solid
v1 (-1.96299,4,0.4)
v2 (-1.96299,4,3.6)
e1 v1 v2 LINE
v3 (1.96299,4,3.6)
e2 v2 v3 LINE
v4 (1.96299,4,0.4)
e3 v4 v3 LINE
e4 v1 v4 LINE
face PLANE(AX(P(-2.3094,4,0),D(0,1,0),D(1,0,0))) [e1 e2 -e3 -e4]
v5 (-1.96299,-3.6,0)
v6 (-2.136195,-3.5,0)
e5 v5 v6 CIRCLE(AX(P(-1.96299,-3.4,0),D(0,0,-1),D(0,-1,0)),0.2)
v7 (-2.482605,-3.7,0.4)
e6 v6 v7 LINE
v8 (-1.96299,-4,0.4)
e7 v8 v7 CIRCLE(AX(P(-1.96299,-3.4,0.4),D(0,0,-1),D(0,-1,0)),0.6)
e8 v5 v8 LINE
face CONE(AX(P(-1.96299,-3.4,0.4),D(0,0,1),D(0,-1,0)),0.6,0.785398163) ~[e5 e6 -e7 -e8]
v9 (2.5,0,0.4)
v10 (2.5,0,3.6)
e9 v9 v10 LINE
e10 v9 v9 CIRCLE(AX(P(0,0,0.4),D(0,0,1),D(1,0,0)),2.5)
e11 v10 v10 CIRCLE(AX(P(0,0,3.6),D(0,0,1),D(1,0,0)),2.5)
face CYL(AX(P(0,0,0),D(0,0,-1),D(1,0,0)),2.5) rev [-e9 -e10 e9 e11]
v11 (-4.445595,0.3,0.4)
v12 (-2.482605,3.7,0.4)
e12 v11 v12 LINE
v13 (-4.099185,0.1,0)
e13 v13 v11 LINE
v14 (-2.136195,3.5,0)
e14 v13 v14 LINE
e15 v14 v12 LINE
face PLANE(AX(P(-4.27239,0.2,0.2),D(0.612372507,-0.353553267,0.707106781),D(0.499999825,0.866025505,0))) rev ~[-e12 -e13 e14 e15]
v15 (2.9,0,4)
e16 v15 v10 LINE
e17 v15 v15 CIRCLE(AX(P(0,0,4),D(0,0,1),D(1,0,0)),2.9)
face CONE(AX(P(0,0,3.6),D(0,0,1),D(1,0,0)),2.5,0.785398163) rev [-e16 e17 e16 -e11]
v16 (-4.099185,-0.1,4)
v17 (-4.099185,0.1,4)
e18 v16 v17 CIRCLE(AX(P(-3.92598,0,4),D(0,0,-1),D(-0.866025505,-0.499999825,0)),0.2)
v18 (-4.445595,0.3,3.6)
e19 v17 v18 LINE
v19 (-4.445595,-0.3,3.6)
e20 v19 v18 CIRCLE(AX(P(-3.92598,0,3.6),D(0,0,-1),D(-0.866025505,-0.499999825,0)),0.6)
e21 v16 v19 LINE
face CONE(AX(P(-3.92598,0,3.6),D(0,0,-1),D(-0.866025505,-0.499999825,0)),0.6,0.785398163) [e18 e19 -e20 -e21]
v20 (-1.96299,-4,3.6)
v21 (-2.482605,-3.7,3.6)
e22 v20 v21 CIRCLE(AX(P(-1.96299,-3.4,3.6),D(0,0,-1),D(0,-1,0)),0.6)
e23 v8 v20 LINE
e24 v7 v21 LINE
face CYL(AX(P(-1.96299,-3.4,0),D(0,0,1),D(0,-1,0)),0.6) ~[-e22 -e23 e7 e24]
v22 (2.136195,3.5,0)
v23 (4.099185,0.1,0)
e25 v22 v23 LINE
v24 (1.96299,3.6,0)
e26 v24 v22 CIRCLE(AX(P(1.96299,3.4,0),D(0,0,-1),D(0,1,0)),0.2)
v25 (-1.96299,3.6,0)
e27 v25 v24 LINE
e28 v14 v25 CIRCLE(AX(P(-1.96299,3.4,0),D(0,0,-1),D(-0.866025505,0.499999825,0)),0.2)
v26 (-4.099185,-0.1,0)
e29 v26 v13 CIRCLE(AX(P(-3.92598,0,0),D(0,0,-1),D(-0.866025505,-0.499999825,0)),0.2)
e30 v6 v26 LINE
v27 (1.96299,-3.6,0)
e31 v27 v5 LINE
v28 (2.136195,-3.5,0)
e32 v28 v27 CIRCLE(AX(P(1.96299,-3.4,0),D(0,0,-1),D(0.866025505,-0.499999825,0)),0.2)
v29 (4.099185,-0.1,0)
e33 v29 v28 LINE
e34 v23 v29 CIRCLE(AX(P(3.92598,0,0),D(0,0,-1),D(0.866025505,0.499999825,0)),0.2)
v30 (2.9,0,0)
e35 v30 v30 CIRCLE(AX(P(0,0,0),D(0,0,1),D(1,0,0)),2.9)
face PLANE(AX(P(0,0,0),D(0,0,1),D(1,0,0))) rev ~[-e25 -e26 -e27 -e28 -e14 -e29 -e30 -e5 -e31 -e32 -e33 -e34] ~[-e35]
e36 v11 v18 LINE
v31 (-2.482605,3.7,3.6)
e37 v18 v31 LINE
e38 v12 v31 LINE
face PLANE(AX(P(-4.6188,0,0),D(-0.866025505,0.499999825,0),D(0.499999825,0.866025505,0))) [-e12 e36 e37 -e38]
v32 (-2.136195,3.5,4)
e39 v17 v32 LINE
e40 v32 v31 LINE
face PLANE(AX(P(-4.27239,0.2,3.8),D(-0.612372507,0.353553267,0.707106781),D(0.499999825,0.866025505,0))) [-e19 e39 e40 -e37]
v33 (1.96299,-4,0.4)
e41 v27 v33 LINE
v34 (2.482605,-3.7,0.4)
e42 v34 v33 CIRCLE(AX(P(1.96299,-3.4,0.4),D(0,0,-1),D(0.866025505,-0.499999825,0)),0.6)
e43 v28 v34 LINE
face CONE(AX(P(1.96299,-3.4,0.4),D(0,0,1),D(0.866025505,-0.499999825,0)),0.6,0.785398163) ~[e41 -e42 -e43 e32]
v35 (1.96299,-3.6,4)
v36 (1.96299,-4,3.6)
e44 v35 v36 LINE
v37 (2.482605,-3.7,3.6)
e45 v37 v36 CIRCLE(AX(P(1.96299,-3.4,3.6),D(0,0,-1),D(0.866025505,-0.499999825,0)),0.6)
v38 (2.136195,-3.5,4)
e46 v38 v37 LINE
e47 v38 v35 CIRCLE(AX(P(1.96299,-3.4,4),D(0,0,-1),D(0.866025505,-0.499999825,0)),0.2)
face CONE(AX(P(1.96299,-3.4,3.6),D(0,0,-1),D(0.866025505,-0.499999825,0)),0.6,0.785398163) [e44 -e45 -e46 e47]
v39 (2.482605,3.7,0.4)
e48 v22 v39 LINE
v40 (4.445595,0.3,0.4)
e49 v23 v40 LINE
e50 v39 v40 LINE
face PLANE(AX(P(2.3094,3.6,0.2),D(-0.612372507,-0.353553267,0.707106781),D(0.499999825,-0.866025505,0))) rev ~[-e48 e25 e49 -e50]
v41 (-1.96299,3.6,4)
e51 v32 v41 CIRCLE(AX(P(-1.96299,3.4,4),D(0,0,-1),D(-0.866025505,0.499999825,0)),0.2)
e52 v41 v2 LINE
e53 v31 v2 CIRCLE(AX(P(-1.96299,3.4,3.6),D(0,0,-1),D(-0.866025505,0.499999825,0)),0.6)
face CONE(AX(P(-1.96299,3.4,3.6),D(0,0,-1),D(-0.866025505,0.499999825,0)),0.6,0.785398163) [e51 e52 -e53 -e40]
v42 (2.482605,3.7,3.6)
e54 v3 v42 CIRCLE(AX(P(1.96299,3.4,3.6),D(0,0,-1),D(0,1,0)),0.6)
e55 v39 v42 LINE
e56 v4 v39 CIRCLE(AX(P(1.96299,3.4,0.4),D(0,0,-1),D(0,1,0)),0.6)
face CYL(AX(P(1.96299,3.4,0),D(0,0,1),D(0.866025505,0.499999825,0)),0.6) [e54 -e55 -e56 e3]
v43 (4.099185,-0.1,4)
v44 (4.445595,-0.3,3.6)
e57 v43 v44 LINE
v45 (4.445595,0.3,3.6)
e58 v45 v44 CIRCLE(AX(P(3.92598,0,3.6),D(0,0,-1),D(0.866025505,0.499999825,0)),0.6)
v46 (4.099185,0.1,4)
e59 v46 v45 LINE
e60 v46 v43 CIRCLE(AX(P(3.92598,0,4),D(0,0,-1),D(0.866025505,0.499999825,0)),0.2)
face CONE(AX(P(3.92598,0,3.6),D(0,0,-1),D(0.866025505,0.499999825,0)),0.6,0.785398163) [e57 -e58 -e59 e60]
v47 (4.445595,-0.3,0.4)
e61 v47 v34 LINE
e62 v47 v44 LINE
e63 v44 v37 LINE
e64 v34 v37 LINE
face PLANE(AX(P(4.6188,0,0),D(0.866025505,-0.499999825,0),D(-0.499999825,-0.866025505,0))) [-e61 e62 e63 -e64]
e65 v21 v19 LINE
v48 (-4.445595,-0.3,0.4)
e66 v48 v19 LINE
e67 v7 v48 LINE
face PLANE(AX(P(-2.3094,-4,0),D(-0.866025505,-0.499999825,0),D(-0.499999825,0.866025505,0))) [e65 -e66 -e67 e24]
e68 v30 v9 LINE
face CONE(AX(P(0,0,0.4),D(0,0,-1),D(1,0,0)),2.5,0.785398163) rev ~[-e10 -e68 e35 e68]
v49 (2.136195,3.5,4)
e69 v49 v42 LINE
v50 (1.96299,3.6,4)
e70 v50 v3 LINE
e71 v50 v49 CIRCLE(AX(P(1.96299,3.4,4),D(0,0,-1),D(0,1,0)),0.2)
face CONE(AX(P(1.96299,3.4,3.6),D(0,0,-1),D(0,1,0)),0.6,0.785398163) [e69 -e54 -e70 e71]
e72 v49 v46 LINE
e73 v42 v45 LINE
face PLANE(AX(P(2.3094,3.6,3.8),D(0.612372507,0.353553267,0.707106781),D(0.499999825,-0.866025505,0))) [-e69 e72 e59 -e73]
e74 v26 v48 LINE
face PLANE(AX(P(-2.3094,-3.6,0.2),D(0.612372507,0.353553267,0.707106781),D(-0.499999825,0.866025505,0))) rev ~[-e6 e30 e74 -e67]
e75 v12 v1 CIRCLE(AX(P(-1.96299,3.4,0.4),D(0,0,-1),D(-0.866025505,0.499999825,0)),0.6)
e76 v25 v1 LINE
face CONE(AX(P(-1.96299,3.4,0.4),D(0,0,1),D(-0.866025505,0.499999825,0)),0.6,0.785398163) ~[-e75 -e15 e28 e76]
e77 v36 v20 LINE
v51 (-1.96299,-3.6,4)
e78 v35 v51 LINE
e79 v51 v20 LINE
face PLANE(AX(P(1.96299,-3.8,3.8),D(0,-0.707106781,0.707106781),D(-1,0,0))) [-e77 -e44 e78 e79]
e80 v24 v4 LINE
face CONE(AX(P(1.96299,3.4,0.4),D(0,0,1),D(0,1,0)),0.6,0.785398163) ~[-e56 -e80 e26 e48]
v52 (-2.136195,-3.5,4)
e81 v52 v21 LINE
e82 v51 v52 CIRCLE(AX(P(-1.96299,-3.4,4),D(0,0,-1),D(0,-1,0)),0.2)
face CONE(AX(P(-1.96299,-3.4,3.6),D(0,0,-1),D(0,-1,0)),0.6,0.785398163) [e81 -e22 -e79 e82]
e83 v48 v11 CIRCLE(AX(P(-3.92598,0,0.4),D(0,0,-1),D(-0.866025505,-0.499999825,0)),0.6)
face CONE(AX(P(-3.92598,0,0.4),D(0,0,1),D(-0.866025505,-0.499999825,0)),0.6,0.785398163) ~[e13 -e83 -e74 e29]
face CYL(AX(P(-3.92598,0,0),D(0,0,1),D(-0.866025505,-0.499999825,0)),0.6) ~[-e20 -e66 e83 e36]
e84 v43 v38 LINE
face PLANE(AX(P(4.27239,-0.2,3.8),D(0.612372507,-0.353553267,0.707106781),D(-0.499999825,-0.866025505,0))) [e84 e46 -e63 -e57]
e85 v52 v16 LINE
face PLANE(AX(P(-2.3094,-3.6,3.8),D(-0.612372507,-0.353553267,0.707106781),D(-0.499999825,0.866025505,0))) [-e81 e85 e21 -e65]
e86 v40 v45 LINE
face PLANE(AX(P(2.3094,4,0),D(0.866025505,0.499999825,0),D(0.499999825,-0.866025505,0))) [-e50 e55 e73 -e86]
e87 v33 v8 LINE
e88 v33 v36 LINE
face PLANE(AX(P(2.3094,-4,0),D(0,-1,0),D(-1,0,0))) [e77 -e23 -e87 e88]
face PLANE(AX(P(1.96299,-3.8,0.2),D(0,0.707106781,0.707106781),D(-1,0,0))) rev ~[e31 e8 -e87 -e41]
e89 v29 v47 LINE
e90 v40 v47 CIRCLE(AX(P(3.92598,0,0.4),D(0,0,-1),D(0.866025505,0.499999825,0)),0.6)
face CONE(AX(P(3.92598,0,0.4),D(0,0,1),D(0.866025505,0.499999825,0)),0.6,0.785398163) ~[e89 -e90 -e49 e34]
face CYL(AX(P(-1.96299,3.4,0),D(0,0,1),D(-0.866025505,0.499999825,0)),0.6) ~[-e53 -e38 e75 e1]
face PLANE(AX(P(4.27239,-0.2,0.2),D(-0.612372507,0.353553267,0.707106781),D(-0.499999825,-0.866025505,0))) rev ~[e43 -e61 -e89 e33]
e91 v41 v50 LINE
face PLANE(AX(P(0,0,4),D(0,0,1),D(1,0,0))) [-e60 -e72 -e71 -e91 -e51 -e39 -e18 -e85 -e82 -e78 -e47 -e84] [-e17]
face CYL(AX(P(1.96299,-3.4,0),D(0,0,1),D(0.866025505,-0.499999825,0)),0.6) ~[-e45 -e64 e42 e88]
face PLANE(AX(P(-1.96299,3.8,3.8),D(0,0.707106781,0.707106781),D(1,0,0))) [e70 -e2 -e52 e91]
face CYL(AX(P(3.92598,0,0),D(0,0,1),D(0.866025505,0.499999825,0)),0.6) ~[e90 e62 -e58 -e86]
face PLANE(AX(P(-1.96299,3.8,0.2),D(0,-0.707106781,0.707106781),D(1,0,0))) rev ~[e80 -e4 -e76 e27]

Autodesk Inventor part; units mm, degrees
ref_plane "YZ Plane" through (0, 0, 0) normal (1, 0, 0) x (0, 1, 0)
ref_plane "XZ Plane" through (0, 0, 0) normal (0, 1, 0) x (-1, 0, 0)
ref_plane "XY Plane" through (0, 0, 0) normal (0, 0, 1) x (1, 0, 0)
sketch "Эскиз1" plane through (0, 0, 0) normal (0, 0, 1) x (1, 0, 0)
  circle A0 centre (0, 0) radius 2.5
  line L0 (2.3094, 4) -> (4.6188, 0)
  line L1 (4.6188, 0) -> (2.3094, -4)
  line L2 (2.3094, -4) -> (-2.3094, -4)
  line L3 (-2.3094, -4) -> (-4.6188, 0)
  line L4 (-4.6188, 0) -> (-2.3094, 4)
  line L5 (-2.3094, 4) -> (2.3094, 4)
  dimension "d0" = 5
  dimension "d1" = 8
extrude "Выдавливание1" add sketch "Эскиз1" along normal blind 4
fillet "Сопряжение1" radius 0.6 6 edges at (-4.6188, 0, 2) (-2.3094, -4, 2) (2.3094, -4, 2) (4.6188, 0, 2) (2.3094, 4, 2) (-2.3094, 4, 2)
chamfer "Фаска1" distance 0.4 angle 45 26 edges at (0, 4, 0) (-2.263, 3.9196, 0) (-3.4641, 2, 0) (-4.526, 0, 0) (-3.4641, -2, 0) (-2.263, -3.9196, 0) (0, -4, 0) (2.263, -3.9196, 0) (3.4641, -2, 0) (4.526, 0, 0) (3.4641, 2, 0) (2.263, 3.9196, 0) (0, 4, 4) (-2.263, 3.9196, 4) (-3.4641, 2, 4) (-4.526, 0, 4) (-3.4641, -2, 4) (-2.263, -3.9196, 4) (0, -4, 4) (2.263, -3.9196, 4) (3.4641, -2, 4) (4.526, 0, 4) (3.4641, 2, 4) (2.263, 3.9196, 4) (-2.5, 0, 4) (-2.5, 0, 0)
properties part number "Гайка М5"
